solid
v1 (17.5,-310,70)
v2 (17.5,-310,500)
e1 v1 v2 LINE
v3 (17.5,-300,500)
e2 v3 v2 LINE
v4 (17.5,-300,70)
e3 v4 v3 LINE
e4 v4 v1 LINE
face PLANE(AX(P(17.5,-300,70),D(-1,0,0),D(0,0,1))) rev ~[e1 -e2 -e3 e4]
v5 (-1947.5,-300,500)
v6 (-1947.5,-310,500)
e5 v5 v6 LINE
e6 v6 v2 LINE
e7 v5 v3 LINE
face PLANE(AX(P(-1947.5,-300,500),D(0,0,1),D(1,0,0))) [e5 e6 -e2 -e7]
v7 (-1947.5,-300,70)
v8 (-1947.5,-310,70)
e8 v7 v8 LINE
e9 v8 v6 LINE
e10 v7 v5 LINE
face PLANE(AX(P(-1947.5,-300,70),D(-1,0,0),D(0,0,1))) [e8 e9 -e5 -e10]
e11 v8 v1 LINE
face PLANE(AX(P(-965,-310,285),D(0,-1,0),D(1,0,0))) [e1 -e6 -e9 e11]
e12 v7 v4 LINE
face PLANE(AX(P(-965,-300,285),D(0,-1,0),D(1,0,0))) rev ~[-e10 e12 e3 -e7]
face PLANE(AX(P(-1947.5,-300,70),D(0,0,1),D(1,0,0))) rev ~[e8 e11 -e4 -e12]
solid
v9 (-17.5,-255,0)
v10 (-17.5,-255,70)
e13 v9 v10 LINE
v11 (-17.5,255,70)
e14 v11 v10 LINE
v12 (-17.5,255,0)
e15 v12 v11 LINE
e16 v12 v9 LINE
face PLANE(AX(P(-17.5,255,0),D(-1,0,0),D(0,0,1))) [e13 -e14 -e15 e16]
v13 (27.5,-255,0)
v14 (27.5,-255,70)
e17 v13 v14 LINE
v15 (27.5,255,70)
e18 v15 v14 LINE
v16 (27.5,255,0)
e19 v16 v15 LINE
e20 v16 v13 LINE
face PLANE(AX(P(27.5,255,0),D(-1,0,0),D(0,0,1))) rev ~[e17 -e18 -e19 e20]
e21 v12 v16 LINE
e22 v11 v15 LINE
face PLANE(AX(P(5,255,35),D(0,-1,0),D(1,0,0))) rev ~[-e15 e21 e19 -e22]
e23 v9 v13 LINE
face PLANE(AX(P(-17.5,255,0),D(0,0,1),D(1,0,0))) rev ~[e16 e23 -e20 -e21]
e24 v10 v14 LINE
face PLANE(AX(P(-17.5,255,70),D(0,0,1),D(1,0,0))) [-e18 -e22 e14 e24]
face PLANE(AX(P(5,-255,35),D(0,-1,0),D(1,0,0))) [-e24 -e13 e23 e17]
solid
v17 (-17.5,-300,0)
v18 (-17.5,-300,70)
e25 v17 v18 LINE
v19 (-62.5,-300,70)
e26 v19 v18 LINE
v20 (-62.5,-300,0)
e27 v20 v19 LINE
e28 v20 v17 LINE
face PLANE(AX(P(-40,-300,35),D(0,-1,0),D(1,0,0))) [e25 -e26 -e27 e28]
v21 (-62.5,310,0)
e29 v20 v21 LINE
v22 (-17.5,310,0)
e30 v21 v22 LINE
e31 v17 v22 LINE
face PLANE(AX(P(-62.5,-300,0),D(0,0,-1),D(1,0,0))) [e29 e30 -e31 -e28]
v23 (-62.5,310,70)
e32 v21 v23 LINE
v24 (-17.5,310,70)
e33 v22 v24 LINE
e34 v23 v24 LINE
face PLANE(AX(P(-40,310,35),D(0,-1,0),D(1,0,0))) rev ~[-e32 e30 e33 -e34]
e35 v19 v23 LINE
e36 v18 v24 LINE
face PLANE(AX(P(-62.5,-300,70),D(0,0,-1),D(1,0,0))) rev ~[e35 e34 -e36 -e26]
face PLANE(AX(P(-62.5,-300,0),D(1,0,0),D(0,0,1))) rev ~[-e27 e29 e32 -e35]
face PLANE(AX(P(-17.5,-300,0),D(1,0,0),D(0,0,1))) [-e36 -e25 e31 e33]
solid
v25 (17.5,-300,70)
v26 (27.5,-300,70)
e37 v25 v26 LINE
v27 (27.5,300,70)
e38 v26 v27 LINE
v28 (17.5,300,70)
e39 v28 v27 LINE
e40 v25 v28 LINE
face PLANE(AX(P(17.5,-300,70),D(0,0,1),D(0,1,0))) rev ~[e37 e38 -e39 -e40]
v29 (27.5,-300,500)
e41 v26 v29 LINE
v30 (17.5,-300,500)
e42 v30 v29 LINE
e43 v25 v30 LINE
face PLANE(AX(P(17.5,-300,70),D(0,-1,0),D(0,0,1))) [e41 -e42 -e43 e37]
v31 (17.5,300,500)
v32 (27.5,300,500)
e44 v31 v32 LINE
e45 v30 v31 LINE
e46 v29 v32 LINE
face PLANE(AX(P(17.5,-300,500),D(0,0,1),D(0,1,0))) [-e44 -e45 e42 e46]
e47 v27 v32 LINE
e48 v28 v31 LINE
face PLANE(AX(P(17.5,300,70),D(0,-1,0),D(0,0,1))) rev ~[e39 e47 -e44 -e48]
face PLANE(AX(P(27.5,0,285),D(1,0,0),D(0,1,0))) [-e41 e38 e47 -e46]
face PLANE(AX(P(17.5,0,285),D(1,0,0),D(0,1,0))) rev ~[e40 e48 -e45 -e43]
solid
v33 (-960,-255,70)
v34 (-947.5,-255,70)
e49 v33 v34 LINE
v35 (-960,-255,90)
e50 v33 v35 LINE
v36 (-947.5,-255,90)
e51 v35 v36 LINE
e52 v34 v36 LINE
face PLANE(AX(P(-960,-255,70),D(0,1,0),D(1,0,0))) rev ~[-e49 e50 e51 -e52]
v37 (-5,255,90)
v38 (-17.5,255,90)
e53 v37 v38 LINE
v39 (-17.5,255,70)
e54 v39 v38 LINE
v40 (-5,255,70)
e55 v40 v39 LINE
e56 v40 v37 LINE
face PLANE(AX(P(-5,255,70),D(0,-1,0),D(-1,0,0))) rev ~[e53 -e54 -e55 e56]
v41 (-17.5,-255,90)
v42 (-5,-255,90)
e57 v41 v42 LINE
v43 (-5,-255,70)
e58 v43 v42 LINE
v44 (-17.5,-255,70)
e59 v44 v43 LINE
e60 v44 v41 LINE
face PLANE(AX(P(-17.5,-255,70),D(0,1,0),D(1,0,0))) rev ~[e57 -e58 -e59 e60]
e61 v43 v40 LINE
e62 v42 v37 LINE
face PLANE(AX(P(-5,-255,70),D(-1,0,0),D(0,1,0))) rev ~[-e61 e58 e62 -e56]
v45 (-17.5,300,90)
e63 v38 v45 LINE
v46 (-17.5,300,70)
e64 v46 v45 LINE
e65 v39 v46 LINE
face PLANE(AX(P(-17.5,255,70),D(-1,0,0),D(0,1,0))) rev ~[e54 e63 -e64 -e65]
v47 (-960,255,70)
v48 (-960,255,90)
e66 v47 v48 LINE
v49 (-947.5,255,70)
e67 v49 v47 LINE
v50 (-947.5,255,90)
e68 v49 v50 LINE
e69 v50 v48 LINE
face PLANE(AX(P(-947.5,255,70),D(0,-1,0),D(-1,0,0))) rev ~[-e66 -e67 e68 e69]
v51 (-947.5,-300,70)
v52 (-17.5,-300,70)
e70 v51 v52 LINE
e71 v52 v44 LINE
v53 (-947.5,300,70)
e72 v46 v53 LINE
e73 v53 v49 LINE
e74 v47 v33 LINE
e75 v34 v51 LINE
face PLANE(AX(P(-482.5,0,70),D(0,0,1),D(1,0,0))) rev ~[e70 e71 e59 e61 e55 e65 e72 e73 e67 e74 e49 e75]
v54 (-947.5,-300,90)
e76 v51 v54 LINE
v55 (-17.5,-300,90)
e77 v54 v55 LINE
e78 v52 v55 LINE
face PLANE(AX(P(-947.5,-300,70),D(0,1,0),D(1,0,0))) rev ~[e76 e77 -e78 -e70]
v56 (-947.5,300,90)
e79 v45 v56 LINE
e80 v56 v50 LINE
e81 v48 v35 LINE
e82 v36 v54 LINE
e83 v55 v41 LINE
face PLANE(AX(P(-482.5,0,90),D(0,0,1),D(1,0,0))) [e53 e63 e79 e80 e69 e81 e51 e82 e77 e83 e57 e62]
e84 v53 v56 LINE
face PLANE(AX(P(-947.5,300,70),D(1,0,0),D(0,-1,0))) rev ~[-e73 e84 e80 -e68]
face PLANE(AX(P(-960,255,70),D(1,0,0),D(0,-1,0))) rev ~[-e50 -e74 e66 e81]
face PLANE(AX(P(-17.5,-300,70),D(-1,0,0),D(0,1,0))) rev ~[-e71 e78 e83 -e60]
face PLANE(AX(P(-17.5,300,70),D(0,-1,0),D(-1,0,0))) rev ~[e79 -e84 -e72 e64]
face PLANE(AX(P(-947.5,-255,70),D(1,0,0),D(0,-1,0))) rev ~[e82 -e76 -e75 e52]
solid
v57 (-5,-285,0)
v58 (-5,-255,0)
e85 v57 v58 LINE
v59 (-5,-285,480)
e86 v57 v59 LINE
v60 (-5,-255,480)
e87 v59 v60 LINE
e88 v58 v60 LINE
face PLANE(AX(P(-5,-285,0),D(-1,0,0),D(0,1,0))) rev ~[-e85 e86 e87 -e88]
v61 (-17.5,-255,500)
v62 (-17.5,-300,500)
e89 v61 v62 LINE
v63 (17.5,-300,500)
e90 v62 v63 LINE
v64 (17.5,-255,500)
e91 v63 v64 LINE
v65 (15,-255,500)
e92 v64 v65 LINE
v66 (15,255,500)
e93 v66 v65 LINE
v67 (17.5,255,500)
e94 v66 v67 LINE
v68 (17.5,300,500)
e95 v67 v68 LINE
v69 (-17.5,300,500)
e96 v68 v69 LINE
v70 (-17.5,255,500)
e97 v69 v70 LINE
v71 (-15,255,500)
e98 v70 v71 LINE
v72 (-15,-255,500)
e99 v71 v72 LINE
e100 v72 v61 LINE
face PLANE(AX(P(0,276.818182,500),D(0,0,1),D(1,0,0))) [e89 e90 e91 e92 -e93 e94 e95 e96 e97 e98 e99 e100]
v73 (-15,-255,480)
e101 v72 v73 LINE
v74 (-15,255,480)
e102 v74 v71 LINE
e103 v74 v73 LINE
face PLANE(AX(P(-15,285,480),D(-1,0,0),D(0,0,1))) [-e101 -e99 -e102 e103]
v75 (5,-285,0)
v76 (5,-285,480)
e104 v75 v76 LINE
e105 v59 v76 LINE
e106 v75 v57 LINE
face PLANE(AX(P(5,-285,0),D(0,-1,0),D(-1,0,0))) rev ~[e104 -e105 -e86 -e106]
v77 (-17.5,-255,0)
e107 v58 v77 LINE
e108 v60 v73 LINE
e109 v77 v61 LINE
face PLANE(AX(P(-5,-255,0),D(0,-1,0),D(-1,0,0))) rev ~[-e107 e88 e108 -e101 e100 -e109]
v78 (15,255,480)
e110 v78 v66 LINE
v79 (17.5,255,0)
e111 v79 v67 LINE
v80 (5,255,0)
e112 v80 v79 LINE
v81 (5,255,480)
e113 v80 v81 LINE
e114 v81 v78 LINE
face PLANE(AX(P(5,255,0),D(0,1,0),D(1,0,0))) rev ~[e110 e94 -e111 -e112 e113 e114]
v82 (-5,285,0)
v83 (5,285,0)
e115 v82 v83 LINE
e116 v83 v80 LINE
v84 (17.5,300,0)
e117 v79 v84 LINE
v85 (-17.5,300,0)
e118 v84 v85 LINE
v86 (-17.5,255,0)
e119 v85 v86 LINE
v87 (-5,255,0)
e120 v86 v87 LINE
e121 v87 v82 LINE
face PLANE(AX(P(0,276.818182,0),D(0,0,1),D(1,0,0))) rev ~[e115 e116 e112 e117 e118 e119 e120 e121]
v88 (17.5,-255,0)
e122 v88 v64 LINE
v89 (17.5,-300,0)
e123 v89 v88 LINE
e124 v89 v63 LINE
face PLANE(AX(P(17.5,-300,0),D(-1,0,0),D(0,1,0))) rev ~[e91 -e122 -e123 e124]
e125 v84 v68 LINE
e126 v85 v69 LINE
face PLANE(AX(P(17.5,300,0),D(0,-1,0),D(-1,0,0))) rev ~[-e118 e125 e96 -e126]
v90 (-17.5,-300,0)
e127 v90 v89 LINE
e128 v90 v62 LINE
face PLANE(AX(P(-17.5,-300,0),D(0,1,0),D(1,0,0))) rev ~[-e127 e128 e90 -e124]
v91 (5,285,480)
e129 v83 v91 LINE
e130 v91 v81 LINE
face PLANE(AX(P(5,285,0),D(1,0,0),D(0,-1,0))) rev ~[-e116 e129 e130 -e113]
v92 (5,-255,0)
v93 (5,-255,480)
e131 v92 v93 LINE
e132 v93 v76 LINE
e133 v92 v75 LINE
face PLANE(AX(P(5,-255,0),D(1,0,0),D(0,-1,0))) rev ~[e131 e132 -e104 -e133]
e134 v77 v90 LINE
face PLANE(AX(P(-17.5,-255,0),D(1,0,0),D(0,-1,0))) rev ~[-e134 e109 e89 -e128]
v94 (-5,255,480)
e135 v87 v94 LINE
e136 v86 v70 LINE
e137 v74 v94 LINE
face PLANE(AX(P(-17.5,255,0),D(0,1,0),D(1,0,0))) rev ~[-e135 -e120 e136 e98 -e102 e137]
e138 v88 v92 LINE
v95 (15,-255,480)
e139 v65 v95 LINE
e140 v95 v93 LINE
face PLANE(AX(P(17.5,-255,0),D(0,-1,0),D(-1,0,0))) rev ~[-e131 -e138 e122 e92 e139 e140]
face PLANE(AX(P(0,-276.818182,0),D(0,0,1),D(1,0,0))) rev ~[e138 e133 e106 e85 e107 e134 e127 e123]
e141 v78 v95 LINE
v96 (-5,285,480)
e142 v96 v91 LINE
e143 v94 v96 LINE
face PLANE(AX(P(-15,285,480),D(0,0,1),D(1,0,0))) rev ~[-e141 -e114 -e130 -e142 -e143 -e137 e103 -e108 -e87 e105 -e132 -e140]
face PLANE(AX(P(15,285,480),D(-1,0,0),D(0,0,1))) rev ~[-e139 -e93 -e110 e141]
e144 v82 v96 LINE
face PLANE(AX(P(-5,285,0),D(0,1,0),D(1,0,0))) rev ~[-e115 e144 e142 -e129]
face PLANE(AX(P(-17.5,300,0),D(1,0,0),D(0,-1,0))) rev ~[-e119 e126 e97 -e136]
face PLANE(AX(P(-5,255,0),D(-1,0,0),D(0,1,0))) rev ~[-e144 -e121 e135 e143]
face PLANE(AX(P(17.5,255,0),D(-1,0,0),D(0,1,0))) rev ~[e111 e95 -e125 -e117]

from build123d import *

# Parameters (mm, degrees)
F1_DEPTH  = 500
F2_W      = 30
F2_H      = 20
F3_DEPTH  = 570
F4_W      = 45
F4_H      = 70
F5_DEPTH  = 610
F6_W      = 1965
F6_H      = 430
F7_DEPTH  = 10
F8_W      = 600
F8_H      = 430
F9_DEPTH  = 10
F11_DEPTH = 20
F12_W     = 45
F12_H     = 70
F13_DEPTH = 510


with BuildPart() as f1:
    # F0 (on Top) → F1 (new body)
    with BuildSketch(Plane.XY):
        Polygon((17.5, 300), (-17.5, 300), (-17.5, 255), (-5, 255), (-5, 285), (5, 285), (5, 255), (17.5, 255), align=None)
        Polygon((-5, -255), (-17.5, -255), (-17.5, -300), (17.5, -300), (17.5, -255), (5, -255), (5, -285), (-5, -285), align=None)
    extrude(amount=F1_DEPTH)

    # F2 (on face) → F3 (join, through all)
    with BuildSketch(Plane.XZ.offset(-285)):
        with Locations((0, 490)):
            Rectangle(F2_W, F2_H)
    extrude(amount=F3_DEPTH)


with BuildPart() as f5:
    # F4 (on face) → F5 (new body)
    with BuildSketch(Plane.XZ.offset(300)):
        with Locations((-40, 35)):
            Rectangle(F4_W, F4_H)
    extrude(amount=-F5_DEPTH)


with BuildPart() as f7:
    # F6 (on face) → F7 (new body)
    with BuildSketch(Plane.XZ.offset(300)):
        with Locations((-965, 285)):
            Rectangle(F6_W, F6_H)
    extrude(amount=F7_DEPTH)


with BuildPart() as f9:
    # F8 (on face) → F9 (new body)
    with BuildSketch(Plane.YZ.offset(17.5)):
        with Locations((0, 285)):
            Rectangle(F8_W, F8_H)
    extrude(amount=F9_DEPTH)


with BuildPart() as f11:
    # F10 (on face) → F11 (new body)
    with BuildSketch(Plane.XY.offset(70)):
        Polygon((-17.5, -255), (-5, -255), (-5, 255), (-17.5, 255), (-17.5, 300), (-947.5, 300), (-947.5, 255), (-960, 255), (-960, -255), (-947.5, -255), (-947.5, -300), (-17.5, -300), align=None)
    extrude(amount=F11_DEPTH)


with BuildPart() as f13:
    # F12 (on face) → F13 (new body, through all)
    with BuildSketch(Plane.XZ.offset(-255)):
        with Locations((5, 35)):
            Rectangle(F12_W, F12_H)
    extrude(amount=F13_DEPTH)


solid = Compound([f1.part, f5.part, f7.part, f9.part, f11.part, f13.part])
